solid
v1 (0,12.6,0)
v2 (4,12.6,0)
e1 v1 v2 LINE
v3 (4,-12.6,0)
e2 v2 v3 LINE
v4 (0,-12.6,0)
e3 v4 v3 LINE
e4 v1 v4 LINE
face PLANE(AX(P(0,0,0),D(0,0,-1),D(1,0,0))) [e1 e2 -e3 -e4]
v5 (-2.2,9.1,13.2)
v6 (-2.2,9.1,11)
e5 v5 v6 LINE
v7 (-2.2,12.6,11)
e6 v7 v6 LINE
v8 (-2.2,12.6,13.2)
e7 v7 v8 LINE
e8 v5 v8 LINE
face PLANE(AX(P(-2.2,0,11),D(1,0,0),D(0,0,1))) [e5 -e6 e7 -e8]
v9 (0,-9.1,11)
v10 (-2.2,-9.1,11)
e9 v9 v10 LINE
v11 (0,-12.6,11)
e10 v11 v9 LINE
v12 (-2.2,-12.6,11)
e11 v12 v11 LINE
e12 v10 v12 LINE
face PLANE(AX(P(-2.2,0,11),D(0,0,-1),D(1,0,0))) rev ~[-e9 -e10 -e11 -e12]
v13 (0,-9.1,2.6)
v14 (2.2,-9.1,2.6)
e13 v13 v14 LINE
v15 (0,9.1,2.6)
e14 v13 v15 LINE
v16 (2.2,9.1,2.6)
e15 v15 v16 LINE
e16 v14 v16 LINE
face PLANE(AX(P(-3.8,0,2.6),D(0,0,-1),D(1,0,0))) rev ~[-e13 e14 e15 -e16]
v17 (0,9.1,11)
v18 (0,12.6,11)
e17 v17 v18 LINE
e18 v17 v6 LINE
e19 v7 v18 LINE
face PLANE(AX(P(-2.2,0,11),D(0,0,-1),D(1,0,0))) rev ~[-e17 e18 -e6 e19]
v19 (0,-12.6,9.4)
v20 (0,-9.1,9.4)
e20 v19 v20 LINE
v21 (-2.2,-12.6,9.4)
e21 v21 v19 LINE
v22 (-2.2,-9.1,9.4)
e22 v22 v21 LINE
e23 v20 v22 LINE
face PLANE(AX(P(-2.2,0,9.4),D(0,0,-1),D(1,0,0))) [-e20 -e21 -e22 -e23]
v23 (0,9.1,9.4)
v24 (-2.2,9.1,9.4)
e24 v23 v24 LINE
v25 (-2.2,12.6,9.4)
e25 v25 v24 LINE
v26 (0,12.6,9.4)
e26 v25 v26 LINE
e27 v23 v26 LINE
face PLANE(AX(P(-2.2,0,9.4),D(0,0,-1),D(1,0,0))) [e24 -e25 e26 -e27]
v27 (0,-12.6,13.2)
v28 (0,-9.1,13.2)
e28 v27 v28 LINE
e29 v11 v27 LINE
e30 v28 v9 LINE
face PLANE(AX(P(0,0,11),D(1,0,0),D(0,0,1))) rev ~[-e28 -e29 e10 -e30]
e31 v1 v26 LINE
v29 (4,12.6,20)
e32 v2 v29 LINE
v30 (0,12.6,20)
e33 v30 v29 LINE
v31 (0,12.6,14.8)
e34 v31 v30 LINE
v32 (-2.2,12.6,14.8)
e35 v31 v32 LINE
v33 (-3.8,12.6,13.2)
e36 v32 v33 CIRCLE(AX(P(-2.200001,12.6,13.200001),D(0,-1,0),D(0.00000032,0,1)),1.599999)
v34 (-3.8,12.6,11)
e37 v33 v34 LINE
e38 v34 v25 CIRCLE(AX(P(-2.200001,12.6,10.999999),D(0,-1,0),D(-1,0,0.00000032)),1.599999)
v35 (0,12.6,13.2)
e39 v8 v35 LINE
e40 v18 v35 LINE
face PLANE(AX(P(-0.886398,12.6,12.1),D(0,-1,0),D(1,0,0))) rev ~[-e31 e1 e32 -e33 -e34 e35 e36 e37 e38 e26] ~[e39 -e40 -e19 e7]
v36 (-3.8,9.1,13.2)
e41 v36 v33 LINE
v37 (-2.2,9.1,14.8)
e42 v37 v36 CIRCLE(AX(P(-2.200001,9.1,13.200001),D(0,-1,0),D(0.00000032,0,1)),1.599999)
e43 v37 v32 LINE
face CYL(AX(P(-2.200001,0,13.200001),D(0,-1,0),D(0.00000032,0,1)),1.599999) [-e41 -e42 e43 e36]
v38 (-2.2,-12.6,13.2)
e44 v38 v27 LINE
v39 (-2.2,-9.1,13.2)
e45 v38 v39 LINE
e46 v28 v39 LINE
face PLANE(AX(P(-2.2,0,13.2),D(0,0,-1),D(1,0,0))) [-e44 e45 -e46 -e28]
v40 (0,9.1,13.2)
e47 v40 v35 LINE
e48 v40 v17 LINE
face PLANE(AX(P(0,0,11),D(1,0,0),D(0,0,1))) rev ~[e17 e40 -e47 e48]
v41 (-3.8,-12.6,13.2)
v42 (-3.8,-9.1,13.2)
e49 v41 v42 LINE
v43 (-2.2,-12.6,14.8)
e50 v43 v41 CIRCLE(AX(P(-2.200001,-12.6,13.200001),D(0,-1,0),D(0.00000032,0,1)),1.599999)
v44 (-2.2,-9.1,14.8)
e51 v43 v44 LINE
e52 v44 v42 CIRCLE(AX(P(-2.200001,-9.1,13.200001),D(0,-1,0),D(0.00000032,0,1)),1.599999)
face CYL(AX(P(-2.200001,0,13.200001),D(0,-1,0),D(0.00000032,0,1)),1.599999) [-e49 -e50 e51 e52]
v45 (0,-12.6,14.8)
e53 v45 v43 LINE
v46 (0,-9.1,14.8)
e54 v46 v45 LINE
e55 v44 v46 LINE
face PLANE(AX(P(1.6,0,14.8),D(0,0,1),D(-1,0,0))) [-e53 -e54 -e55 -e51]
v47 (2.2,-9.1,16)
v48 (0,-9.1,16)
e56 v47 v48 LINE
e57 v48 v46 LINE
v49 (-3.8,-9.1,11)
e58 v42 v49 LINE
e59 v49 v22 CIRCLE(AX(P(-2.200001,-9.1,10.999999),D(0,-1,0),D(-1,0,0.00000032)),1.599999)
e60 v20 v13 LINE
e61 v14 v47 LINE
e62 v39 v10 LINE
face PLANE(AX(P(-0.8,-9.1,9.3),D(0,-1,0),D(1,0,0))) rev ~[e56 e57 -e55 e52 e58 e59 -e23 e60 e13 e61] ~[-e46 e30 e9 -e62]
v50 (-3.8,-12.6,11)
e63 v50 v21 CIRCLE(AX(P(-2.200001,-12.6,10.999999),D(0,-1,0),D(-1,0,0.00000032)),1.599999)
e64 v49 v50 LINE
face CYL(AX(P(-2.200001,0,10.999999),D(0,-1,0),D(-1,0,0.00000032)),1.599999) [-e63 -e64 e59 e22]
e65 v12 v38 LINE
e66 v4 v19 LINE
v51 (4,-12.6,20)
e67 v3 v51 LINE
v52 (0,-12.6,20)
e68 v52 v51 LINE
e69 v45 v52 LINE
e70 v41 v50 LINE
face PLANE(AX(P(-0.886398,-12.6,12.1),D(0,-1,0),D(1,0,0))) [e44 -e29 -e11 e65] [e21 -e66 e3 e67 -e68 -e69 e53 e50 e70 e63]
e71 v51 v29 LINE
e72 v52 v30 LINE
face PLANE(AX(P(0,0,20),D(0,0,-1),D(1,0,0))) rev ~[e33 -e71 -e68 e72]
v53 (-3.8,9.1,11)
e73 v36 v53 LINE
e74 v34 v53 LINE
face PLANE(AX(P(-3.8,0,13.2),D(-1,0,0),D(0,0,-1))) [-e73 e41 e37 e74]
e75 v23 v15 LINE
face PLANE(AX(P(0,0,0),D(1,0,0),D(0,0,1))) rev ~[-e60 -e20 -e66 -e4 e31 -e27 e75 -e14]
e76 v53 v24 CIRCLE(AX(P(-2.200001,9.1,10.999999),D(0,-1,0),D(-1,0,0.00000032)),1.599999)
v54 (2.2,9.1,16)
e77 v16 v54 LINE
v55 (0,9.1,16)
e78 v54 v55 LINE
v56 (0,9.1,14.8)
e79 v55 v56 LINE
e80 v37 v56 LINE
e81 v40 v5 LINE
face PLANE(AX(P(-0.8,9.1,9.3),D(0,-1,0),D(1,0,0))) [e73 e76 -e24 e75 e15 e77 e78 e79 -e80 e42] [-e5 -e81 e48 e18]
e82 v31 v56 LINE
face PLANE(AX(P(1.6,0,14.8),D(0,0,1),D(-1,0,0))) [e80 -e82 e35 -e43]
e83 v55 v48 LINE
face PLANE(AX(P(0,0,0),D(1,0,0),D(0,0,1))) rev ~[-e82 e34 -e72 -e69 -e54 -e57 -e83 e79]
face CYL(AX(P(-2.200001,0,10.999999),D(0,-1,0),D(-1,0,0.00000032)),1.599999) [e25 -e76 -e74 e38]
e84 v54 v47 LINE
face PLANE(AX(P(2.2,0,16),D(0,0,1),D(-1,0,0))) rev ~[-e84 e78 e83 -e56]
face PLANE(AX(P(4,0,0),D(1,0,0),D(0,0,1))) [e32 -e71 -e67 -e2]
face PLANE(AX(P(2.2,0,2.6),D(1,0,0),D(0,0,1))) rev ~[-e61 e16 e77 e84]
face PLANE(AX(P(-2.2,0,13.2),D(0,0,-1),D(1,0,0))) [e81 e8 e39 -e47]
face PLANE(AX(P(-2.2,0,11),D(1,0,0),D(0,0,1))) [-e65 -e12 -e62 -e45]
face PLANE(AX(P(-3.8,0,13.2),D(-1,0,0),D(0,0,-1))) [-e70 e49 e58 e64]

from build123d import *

# Parameters (mm, degrees)
EXTRUDE002_DEPTH = 9.1
SKETCH006_W      = 2.2
SKETCH006_H      = 2.2
EXTRUDE006_DEPTH = 12.6
SKETCH_W         = 4
SKETCH_H         = 20
EXTRUDE_DEPTH    = 12.6


with BuildPart() as extrude002_step_down:
    # Sketch002 → Extrude002 (new body, symmetric)
    with BuildSketch(Plane.XZ):
        Polygon((0, 2.6), (2.2, 2.6), (2.2, 16), (0, 16), (-3.8, 16), (-3.8, 2.6), align=None)
    extrude(amount=EXTRUDE002_DEPTH, both=True)


with BuildPart() as extrude006_fermo_step_down:
    # Sketch006 → Extrude006 (new body, symmetric)
    with BuildSketch(Plane.XZ):
        with BuildLine():
            Line((-3.8, 13.2), (-3.8, 11))
            ThreePointArc((-3.8, 11), (-3.331371, 9.868629), (-2.2, 9.4))
            Line((-2.2, 9.4), (1.6, 9.4))
            Line((1.6, 9.4), (1.6, 14.8))
            Line((1.6, 14.8), (-2.2, 14.8))
            ThreePointArc((-2.2, 14.8), (-3.331371, 14.331371), (-3.8, 13.2))
        make_face()
        with Locations((-1.1, 12.1)):
            Rectangle(SKETCH006_W, SKETCH006_H, mode=Mode.SUBTRACT)
    extrude(amount=EXTRUDE006_DEPTH, both=True)


with BuildPart() as cut:
    # Sketch → Extrude (new body, symmetric)
    with BuildSketch(Plane.XZ):
        with Locations((2, 10)):
            Rectangle(SKETCH_W, SKETCH_H)
    extrude(amount=EXTRUDE_DEPTH, both=True)

    # Fusion: union Extrude006 - fermo - step-down
    add(extrude006_fermo_step_down.part)

    # Cut: cut Extrude002 - step -down
    add(extrude002_step_down.part, mode=Mode.SUBTRACT)


solid = cut.part
